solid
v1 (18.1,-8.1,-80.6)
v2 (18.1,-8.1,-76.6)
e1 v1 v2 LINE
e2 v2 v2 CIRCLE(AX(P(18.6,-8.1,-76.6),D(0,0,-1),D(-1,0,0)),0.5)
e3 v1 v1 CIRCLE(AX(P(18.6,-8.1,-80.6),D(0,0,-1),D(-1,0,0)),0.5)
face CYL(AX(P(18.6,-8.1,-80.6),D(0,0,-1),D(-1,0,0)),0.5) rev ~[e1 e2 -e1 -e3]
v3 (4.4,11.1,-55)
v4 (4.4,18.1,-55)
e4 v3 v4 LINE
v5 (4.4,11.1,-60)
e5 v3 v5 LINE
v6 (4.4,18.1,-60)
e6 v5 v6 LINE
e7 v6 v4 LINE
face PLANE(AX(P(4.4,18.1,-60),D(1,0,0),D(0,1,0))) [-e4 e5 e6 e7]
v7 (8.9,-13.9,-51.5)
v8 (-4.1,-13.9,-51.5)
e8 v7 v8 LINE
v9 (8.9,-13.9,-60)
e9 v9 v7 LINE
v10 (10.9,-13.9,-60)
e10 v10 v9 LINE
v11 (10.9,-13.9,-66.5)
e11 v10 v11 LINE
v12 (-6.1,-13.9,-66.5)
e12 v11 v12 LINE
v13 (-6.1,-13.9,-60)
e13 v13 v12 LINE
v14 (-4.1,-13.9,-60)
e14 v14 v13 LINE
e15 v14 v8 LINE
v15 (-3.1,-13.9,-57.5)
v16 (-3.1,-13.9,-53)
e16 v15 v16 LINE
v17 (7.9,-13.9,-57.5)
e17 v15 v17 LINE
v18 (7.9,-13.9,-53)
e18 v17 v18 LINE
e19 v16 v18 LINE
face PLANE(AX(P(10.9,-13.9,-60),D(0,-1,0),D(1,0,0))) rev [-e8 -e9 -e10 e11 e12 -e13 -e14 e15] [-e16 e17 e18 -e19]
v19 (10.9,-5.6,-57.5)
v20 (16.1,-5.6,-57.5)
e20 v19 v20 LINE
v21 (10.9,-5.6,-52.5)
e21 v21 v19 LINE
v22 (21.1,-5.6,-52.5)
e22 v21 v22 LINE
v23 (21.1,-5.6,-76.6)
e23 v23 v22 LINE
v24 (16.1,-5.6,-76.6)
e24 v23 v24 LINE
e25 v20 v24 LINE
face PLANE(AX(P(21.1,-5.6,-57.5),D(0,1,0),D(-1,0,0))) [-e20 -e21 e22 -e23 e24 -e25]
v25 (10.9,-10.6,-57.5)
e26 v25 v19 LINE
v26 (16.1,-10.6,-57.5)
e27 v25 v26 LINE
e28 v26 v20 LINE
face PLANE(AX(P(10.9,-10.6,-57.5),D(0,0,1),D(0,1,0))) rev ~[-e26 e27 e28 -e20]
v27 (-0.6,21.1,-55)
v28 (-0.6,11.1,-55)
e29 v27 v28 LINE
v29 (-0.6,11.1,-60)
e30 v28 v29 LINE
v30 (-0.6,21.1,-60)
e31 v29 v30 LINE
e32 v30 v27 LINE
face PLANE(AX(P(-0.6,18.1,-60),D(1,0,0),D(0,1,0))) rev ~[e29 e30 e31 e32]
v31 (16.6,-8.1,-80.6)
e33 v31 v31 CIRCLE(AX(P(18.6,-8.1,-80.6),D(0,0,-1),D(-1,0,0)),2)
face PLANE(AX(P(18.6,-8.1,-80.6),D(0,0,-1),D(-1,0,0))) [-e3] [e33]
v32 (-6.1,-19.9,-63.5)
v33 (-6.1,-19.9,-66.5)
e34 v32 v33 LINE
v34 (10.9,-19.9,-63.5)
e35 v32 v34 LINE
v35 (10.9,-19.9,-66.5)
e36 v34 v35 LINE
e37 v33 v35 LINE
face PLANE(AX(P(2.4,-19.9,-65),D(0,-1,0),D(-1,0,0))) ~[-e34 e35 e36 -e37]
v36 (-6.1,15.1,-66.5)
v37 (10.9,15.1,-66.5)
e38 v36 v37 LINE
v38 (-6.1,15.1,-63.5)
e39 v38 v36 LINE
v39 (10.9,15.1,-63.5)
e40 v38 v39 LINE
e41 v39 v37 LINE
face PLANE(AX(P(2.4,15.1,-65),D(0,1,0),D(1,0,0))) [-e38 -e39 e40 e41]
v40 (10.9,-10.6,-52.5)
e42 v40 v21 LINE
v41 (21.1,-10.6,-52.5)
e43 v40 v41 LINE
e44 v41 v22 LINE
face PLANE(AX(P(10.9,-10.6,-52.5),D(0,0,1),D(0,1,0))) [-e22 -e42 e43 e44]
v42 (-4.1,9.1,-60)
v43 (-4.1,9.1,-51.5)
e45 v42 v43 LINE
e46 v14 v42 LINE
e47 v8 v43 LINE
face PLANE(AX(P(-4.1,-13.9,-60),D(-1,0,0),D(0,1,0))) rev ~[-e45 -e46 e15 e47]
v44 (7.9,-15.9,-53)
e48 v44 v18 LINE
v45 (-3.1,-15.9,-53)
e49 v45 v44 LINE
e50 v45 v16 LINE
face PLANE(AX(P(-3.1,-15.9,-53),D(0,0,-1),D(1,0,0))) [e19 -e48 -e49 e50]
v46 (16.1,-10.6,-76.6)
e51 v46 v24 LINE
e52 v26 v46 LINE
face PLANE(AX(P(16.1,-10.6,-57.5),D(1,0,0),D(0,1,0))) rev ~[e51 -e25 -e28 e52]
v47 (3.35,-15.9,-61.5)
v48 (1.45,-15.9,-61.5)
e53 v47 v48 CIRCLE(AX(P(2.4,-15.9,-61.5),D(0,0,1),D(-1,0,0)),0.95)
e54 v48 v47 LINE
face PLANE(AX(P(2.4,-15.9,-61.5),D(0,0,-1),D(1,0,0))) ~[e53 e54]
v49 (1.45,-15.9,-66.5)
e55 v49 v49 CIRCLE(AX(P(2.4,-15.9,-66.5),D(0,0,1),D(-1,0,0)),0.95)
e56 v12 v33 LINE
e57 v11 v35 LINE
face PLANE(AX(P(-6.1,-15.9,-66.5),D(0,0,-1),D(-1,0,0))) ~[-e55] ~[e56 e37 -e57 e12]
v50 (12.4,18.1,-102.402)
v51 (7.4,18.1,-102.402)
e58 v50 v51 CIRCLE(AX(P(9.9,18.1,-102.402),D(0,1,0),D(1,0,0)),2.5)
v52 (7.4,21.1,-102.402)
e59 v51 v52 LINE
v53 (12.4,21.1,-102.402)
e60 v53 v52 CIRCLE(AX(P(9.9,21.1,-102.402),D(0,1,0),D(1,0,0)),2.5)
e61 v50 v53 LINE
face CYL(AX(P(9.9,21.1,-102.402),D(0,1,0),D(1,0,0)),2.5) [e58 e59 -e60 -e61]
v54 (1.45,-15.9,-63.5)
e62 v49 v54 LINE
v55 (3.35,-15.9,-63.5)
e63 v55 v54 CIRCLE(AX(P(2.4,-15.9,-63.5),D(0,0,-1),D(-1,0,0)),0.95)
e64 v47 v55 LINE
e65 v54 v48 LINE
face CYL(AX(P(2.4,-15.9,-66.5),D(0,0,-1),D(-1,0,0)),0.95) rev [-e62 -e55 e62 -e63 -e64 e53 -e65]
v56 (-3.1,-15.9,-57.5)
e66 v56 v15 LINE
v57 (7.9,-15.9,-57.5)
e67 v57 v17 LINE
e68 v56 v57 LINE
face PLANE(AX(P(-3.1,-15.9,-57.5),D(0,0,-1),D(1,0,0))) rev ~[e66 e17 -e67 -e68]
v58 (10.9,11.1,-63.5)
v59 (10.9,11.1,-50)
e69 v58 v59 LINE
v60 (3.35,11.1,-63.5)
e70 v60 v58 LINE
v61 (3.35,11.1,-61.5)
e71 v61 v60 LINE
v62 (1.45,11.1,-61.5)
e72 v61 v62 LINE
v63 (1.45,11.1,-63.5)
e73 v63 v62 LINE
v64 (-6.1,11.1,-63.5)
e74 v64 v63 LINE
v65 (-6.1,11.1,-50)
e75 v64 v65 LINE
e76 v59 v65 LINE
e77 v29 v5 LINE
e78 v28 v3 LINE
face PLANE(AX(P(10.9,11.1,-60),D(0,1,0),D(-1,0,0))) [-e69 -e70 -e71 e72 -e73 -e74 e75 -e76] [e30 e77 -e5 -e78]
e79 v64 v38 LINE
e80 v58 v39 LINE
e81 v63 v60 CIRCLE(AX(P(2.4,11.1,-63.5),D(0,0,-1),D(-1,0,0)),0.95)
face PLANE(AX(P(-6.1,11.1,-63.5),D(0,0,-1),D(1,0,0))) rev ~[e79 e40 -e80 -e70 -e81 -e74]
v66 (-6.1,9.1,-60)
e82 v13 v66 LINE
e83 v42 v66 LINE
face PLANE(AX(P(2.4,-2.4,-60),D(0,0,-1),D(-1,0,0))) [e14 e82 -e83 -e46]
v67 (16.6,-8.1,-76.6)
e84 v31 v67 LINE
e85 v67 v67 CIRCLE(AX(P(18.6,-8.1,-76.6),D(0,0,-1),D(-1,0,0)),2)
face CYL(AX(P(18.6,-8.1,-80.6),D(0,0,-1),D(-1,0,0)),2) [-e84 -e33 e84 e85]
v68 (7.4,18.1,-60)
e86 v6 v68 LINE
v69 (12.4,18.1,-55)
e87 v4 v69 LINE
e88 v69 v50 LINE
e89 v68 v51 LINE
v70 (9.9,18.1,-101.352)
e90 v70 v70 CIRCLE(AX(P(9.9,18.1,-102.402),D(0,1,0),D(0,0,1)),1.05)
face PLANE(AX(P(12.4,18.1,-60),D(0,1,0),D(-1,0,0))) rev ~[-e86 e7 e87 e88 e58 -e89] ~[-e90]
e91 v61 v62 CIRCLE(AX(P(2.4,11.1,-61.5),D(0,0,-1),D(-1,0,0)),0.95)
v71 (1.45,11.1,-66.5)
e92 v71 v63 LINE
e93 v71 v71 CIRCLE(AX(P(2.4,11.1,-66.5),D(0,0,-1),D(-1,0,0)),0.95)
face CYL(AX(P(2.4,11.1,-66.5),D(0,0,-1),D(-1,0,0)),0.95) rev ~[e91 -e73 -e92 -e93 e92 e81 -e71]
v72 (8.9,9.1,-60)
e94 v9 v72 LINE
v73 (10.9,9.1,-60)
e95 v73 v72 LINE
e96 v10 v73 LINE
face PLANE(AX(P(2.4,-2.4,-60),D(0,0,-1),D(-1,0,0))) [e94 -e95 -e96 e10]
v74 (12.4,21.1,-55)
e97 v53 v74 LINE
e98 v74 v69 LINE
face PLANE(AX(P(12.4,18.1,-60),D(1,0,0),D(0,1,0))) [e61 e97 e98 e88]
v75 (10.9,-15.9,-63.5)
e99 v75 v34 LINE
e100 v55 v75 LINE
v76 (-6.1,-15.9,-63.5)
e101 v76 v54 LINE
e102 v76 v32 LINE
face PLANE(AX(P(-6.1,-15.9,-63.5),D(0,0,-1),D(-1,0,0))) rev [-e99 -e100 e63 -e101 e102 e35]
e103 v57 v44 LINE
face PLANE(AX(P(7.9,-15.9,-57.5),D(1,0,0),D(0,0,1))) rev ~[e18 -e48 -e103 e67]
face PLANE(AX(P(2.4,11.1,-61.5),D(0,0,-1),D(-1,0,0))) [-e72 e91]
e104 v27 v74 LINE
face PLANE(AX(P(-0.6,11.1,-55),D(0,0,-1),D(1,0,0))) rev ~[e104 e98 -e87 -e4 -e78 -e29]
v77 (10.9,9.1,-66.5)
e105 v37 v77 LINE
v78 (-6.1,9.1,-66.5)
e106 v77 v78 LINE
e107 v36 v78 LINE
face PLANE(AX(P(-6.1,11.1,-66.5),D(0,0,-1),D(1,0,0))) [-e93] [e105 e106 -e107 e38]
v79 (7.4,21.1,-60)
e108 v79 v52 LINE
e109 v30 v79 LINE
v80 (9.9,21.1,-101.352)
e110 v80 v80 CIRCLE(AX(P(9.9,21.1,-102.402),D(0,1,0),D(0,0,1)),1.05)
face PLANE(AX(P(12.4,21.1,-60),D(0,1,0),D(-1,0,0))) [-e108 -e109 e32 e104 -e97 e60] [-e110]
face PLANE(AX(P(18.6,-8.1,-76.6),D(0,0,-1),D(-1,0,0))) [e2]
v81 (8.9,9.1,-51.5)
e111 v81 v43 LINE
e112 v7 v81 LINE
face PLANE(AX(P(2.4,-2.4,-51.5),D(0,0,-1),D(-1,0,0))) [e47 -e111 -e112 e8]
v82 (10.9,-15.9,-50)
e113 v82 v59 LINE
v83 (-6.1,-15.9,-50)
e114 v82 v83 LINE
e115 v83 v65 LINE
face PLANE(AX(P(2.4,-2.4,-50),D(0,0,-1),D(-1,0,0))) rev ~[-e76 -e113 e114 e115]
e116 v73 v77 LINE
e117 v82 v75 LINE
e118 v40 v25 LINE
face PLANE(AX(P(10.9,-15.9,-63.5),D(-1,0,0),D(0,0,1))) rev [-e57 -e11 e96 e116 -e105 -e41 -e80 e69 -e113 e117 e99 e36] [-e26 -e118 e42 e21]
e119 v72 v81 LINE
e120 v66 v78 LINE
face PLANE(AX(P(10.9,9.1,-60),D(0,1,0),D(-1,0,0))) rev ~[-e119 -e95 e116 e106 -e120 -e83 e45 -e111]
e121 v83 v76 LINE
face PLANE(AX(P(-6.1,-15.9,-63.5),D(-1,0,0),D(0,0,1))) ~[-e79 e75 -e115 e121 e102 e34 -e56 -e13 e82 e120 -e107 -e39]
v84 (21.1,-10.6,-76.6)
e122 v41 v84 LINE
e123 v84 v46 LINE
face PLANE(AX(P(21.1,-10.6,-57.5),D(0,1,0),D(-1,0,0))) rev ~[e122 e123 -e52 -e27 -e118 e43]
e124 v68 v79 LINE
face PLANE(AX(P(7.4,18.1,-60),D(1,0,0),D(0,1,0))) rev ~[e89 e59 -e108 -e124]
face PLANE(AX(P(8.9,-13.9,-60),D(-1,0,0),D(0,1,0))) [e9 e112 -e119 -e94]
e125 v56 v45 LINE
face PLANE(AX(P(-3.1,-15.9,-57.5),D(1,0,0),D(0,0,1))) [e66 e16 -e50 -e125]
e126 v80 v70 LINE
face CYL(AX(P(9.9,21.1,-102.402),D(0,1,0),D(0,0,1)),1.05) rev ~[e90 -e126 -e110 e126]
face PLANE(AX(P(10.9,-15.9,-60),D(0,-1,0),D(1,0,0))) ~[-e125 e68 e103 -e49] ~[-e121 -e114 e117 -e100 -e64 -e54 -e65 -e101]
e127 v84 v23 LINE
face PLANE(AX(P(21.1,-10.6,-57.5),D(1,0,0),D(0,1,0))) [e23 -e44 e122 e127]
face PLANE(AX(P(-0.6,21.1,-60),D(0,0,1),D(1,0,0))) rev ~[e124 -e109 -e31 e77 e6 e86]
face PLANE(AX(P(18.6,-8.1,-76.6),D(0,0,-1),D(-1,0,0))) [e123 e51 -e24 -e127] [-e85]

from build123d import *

# Parameters (mm, degrees)
SKETCH1_W            = 4.8
SKETCH1_H            = 4.8
BOSS_EXTRUDE1_DEPTH  = 1
SKETCH2_W            = 5.2
SKETCH2_H            = 5.2
BOSS_EXTRUDE2_DEPTH  = 50
SKETCH3_W            = 17
SKETCH3_H            = 27
BOSS_EXTRUDE3_DEPTH  = 10
SKETCH4_W            = 13
SKETCH4_H            = 23
CUT_EXTRUDE1_DEPTH   = 8.5
SKETCH5_W            = 11
SKETCH5_H            = 4.5
CUT_EXTRUDE2_DEPTH   = 4
SKETCH13_W           = 17
SKETCH13_H           = 27
CUT_EXTRUDE3_DEPTH   = 55.521738784
SKETCH14_W           = 17
SKETCH14_H           = 2
BOSS_EXTRUDE5_DEPTH  = 6.5
SKETCH15_W           = 17
SKETCH15_H           = 3
BOSS_EXTRUDE6_DEPTH  = 4
SKETCH16_R           = 0.95
CUT_EXTRUDE4_DEPTH   = 5
SKETCH17_W           = 5
SKETCH17_H           = 5
BOSS_EXTRUDE7_DEPTH  = 10.2
SKETCH18_W           = 5
SKETCH18_H           = 5
BOSS_EXTRUDE8_DEPTH  = 23.1
SKETCH19_W           = 5
SKETCH19_H           = 5
SKETCH19_R           = 2
CUT_EXTRUDE5_DEPTH   = 4
SKETCH20_R           = 0.5
CUT_EXTRUDE6_DEPTH   = 4
SKETCH21_W           = 5
SKETCH21_H           = 5
BOSS_EXTRUDE9_DEPTH  = 10
SKETCH22_W           = 5
SKETCH22_H           = 3
BOSS_EXTRUDE10_DEPTH = 42.402
SKETCH23_R           = 2.5
BOSS_EXTRUDE11_DEPTH = 3
SKETCH24_R           = 1.05
CUT_EXTRUDE7_DEPTH   = 3
SKETCH26_W           = 13
SKETCH26_H           = 5
BOSS_EXTRUDE12_DEPTH = 3
SKETCH28_W           = 5
SKETCH28_H           = 3
BOSS_EXTRUDE13_DEPTH = 42.402
SKETCH29_R           = 2.5
BOSS_EXTRUDE14_DEPTH = 3
SKETCH30_R           = 1.05
CUT_EXTRUDE8_DEPTH   = 3
SKETCH32_W           = 44.902
SKETCH32_H           = 3
CUT_EXTRUDE9_DEPTH   = 109.298336109


with BuildPart() as part:
    # Sketch1 → Boss-Extrude1 (new body)
    with BuildSketch(Plane.XY):
        with Locations((2.4, -2.4)):
            Rectangle(SKETCH1_W, SKETCH1_H)
    extrude(amount=BOSS_EXTRUDE1_DEPTH)

    # Sketch2 → Boss-Extrude2 (add)
    with BuildSketch(Plane(origin=(0, 0, 0), x_dir=(-1, 0, 0), z_dir=(0, 0, -1))):
        with Locations((-2.4, -2.4)):
            Rectangle(SKETCH2_W, SKETCH2_H)
    extrude(amount=BOSS_EXTRUDE2_DEPTH)

    # Sketch3 → Boss-Extrude3 (add)
    with BuildSketch(Plane(origin=(0, 0, -50), x_dir=(-1, 0, 0), z_dir=(0, 0, -1))):
        with Locations((-2.4, -2.4)):
            Rectangle(SKETCH3_W, SKETCH3_H)
    extrude(amount=BOSS_EXTRUDE3_DEPTH)

    # Sketch4 → Cut-Extrude1 (cut)
    with BuildSketch(Plane(origin=(0, 0, -60), x_dir=(-1, 0, 0), z_dir=(0, 0, -1))):
        with Locations((-2.4, -2.4)):
            Rectangle(SKETCH4_W, SKETCH4_H)
    extrude(amount=-CUT_EXTRUDE1_DEPTH, mode=Mode.SUBTRACT)

    # Sketch5 → Cut-Extrude2 (cut)
    with BuildSketch(Plane.XZ.offset(15.9)):
        with Locations((2.4, -55.25)):
            Rectangle(SKETCH5_W, SKETCH5_H)
    extrude(amount=-CUT_EXTRUDE2_DEPTH, mode=Mode.SUBTRACT)

    # Sketch13 → Cut-Extrude3 (cut, through all)
    with BuildSketch(Plane.XY.offset(-50)):
        with Locations((2.4, -2.4)):
            Rectangle(SKETCH13_W, SKETCH13_H)
    extrude(amount=CUT_EXTRUDE3_DEPTH, mode=Mode.SUBTRACT)

    # Sketch14 → Boss-Extrude5 (add)
    with BuildSketch(Plane(origin=(0, 0, -60), x_dir=(-1, 0, 0), z_dir=(0, 0, -1))):
        with Locations((-2.4, 10.1)):
            Rectangle(SKETCH14_W, SKETCH14_H)
    boss_extrude5 = extrude(amount=BOSS_EXTRUDE5_DEPTH)

    # Sketch15 → Boss-Extrude6 (add)
    with BuildSketch(Plane(origin=(0, 11.1, 0), x_dir=(1, 0, 0), z_dir=(0, 1, 0))):
        with Locations((2.4, 65)):
            Rectangle(SKETCH15_W, SKETCH15_H)
    boss_extrude6 = extrude(amount=BOSS_EXTRUDE6_DEPTH)

    # Sketch16 → Cut-Extrude4 (cut)
    with BuildSketch(Plane(origin=(0, 0, -66.5), x_dir=(-1, 0, 0), z_dir=(0, 0, -1))):
        with Locations((-2.4, 11.1)):
            Circle(SKETCH16_R)
    cut_extrude4 = extrude(amount=-CUT_EXTRUDE4_DEPTH, mode=Mode.SUBTRACT)

    # Mirror2: Boss-Extrude5, Boss-Extrude6, Cut-Extrude4 across plane
    add(boss_extrude5.mirror(Plane(origin=(0, -2.4, 0), x_dir=(0, 0, 1), z_dir=(0, -1, 0))))
    add(boss_extrude6.mirror(Plane(origin=(0, -2.4, 0), x_dir=(0, 0, 1), z_dir=(0, -1, 0))))
    add(cut_extrude4.mirror(Plane(origin=(0, -2.4, 0), x_dir=(0, 0, 1), z_dir=(0, -1, 0))), mode=Mode.SUBTRACT)

    # Sketch17 → Boss-Extrude7 (add)
    with BuildSketch(Plane(origin=(10.9, 0, 0), x_dir=(0, 0, -1), z_dir=(1, 0, 0))):
        with Locations((55, -8.1)):
            Rectangle(SKETCH17_W, SKETCH17_H)
    extrude(amount=BOSS_EXTRUDE7_DEPTH)

    # Sketch18 → Boss-Extrude8 (add)
    with BuildSketch(Plane(origin=(0, 0, -57.5), x_dir=(-1, 0, 0), z_dir=(0, 0, -1))):
        with Locations((-18.6, -8.1)):
            Rectangle(SKETCH18_W, SKETCH18_H)
    extrude(amount=BOSS_EXTRUDE8_DEPTH)

    # Sketch19 → Cut-Extrude5 (cut)
    with BuildSketch(Plane(origin=(0, 0, -80.6), x_dir=(-1, 0, 0), z_dir=(0, 0, -1))):
        with Locations((-18.6, -8.1)):
            Rectangle(SKETCH19_W, SKETCH19_H)
        with Locations((-18.6, -8.1)):
            Circle(SKETCH19_R, mode=Mode.SUBTRACT)
    extrude(amount=-CUT_EXTRUDE5_DEPTH, mode=Mode.SUBTRACT)

    # Sketch20 → Cut-Extrude6 (cut)
    with BuildSketch(Plane(origin=(0, 0, -80.6), x_dir=(-1, 0, 0), z_dir=(0, 0, -1))):
        with Locations((-18.6, -8.1)):
            Circle(SKETCH20_R)
    extrude(amount=-CUT_EXTRUDE6_DEPTH, mode=Mode.SUBTRACT)

    # Sketch21 → Boss-Extrude9 (add)
    with BuildSketch(Plane(origin=(0, 11.1, 0), x_dir=(1, 0, 0), z_dir=(0, 1, 0))):
        with Locations((1.9, 57.5)):
            Rectangle(SKETCH21_W, SKETCH21_H)
    extrude(amount=BOSS_EXTRUDE9_DEPTH)

    # Sketch22 → Boss-Extrude10 (add)
    with BuildSketch(Plane(origin=(0, 0, -60), x_dir=(-1, 0, 0), z_dir=(0, 0, -1))):
        with Locations((-1.9, 19.6)):
            Rectangle(SKETCH22_W, SKETCH22_H)
    extrude(amount=BOSS_EXTRUDE10_DEPTH)

    # Sketch23 → Boss-Extrude11 (add)
    with BuildSketch(Plane(origin=(0, 21.1, 0), x_dir=(1, 0, 0), z_dir=(0, 1, 0))):
        with Locations((1.9, 102.402)):
            Circle(SKETCH23_R)
    extrude(amount=-BOSS_EXTRUDE11_DEPTH)

    # Sketch24 → Cut-Extrude7 (cut)
    with BuildSketch(Plane(origin=(0, 21.1, 0), x_dir=(1, 0, 0), z_dir=(0, 1, 0))):
        with Locations(Location((1.9, 102.402, 0), (0, 0, 270))):
            Circle(SKETCH24_R)
    extrude(amount=-CUT_EXTRUDE7_DEPTH, mode=Mode.SUBTRACT)

    # Sketch26 → Boss-Extrude12 (add)
    with BuildSketch(Plane(origin=(0, 21.1, 0), x_dir=(1, 0, 0), z_dir=(0, 1, 0))):
        with Locations((5.9, 57.5)):
            Rectangle(SKETCH26_W, SKETCH26_H)
    extrude(amount=-BOSS_EXTRUDE12_DEPTH)

    # Sketch28 → Boss-Extrude13 (add)
    with BuildSketch(Plane(origin=(0, 0, -60), x_dir=(-1, 0, 0), z_dir=(0, 0, -1))):
        with Locations((-9.9, 19.6)):
            Rectangle(SKETCH28_W, SKETCH28_H)
    extrude(amount=BOSS_EXTRUDE13_DEPTH)

    # Sketch29 → Boss-Extrude14 (add)
    with BuildSketch(Plane(origin=(0, 21.1, 0), x_dir=(1, 0, 0), z_dir=(0, 1, 0))):
        with Locations((9.9, 102.402)):
            Circle(SKETCH29_R)
    extrude(amount=-BOSS_EXTRUDE14_DEPTH)

    # Sketch30 → Cut-Extrude8 (cut)
    with BuildSketch(Plane(origin=(0, 21.1, 0), x_dir=(1, 0, 0), z_dir=(0, 1, 0))):
        with Locations(Location((9.9, 102.402, 0), (0, 0, 270))):
            Circle(SKETCH30_R)
    extrude(amount=-CUT_EXTRUDE8_DEPTH, mode=Mode.SUBTRACT)

    # Sketch32 → Cut-Extrude9 (cut, through all)
    with BuildSketch(Plane(origin=(4.4, 0, 0), x_dir=(0, 0, -1), z_dir=(1, 0, 0))):
        with Locations((82.451, 19.6)):
            Rectangle(SKETCH32_W, SKETCH32_H)
    extrude(amount=-CUT_EXTRUDE9_DEPTH, mode=Mode.SUBTRACT)


solid = part.part
